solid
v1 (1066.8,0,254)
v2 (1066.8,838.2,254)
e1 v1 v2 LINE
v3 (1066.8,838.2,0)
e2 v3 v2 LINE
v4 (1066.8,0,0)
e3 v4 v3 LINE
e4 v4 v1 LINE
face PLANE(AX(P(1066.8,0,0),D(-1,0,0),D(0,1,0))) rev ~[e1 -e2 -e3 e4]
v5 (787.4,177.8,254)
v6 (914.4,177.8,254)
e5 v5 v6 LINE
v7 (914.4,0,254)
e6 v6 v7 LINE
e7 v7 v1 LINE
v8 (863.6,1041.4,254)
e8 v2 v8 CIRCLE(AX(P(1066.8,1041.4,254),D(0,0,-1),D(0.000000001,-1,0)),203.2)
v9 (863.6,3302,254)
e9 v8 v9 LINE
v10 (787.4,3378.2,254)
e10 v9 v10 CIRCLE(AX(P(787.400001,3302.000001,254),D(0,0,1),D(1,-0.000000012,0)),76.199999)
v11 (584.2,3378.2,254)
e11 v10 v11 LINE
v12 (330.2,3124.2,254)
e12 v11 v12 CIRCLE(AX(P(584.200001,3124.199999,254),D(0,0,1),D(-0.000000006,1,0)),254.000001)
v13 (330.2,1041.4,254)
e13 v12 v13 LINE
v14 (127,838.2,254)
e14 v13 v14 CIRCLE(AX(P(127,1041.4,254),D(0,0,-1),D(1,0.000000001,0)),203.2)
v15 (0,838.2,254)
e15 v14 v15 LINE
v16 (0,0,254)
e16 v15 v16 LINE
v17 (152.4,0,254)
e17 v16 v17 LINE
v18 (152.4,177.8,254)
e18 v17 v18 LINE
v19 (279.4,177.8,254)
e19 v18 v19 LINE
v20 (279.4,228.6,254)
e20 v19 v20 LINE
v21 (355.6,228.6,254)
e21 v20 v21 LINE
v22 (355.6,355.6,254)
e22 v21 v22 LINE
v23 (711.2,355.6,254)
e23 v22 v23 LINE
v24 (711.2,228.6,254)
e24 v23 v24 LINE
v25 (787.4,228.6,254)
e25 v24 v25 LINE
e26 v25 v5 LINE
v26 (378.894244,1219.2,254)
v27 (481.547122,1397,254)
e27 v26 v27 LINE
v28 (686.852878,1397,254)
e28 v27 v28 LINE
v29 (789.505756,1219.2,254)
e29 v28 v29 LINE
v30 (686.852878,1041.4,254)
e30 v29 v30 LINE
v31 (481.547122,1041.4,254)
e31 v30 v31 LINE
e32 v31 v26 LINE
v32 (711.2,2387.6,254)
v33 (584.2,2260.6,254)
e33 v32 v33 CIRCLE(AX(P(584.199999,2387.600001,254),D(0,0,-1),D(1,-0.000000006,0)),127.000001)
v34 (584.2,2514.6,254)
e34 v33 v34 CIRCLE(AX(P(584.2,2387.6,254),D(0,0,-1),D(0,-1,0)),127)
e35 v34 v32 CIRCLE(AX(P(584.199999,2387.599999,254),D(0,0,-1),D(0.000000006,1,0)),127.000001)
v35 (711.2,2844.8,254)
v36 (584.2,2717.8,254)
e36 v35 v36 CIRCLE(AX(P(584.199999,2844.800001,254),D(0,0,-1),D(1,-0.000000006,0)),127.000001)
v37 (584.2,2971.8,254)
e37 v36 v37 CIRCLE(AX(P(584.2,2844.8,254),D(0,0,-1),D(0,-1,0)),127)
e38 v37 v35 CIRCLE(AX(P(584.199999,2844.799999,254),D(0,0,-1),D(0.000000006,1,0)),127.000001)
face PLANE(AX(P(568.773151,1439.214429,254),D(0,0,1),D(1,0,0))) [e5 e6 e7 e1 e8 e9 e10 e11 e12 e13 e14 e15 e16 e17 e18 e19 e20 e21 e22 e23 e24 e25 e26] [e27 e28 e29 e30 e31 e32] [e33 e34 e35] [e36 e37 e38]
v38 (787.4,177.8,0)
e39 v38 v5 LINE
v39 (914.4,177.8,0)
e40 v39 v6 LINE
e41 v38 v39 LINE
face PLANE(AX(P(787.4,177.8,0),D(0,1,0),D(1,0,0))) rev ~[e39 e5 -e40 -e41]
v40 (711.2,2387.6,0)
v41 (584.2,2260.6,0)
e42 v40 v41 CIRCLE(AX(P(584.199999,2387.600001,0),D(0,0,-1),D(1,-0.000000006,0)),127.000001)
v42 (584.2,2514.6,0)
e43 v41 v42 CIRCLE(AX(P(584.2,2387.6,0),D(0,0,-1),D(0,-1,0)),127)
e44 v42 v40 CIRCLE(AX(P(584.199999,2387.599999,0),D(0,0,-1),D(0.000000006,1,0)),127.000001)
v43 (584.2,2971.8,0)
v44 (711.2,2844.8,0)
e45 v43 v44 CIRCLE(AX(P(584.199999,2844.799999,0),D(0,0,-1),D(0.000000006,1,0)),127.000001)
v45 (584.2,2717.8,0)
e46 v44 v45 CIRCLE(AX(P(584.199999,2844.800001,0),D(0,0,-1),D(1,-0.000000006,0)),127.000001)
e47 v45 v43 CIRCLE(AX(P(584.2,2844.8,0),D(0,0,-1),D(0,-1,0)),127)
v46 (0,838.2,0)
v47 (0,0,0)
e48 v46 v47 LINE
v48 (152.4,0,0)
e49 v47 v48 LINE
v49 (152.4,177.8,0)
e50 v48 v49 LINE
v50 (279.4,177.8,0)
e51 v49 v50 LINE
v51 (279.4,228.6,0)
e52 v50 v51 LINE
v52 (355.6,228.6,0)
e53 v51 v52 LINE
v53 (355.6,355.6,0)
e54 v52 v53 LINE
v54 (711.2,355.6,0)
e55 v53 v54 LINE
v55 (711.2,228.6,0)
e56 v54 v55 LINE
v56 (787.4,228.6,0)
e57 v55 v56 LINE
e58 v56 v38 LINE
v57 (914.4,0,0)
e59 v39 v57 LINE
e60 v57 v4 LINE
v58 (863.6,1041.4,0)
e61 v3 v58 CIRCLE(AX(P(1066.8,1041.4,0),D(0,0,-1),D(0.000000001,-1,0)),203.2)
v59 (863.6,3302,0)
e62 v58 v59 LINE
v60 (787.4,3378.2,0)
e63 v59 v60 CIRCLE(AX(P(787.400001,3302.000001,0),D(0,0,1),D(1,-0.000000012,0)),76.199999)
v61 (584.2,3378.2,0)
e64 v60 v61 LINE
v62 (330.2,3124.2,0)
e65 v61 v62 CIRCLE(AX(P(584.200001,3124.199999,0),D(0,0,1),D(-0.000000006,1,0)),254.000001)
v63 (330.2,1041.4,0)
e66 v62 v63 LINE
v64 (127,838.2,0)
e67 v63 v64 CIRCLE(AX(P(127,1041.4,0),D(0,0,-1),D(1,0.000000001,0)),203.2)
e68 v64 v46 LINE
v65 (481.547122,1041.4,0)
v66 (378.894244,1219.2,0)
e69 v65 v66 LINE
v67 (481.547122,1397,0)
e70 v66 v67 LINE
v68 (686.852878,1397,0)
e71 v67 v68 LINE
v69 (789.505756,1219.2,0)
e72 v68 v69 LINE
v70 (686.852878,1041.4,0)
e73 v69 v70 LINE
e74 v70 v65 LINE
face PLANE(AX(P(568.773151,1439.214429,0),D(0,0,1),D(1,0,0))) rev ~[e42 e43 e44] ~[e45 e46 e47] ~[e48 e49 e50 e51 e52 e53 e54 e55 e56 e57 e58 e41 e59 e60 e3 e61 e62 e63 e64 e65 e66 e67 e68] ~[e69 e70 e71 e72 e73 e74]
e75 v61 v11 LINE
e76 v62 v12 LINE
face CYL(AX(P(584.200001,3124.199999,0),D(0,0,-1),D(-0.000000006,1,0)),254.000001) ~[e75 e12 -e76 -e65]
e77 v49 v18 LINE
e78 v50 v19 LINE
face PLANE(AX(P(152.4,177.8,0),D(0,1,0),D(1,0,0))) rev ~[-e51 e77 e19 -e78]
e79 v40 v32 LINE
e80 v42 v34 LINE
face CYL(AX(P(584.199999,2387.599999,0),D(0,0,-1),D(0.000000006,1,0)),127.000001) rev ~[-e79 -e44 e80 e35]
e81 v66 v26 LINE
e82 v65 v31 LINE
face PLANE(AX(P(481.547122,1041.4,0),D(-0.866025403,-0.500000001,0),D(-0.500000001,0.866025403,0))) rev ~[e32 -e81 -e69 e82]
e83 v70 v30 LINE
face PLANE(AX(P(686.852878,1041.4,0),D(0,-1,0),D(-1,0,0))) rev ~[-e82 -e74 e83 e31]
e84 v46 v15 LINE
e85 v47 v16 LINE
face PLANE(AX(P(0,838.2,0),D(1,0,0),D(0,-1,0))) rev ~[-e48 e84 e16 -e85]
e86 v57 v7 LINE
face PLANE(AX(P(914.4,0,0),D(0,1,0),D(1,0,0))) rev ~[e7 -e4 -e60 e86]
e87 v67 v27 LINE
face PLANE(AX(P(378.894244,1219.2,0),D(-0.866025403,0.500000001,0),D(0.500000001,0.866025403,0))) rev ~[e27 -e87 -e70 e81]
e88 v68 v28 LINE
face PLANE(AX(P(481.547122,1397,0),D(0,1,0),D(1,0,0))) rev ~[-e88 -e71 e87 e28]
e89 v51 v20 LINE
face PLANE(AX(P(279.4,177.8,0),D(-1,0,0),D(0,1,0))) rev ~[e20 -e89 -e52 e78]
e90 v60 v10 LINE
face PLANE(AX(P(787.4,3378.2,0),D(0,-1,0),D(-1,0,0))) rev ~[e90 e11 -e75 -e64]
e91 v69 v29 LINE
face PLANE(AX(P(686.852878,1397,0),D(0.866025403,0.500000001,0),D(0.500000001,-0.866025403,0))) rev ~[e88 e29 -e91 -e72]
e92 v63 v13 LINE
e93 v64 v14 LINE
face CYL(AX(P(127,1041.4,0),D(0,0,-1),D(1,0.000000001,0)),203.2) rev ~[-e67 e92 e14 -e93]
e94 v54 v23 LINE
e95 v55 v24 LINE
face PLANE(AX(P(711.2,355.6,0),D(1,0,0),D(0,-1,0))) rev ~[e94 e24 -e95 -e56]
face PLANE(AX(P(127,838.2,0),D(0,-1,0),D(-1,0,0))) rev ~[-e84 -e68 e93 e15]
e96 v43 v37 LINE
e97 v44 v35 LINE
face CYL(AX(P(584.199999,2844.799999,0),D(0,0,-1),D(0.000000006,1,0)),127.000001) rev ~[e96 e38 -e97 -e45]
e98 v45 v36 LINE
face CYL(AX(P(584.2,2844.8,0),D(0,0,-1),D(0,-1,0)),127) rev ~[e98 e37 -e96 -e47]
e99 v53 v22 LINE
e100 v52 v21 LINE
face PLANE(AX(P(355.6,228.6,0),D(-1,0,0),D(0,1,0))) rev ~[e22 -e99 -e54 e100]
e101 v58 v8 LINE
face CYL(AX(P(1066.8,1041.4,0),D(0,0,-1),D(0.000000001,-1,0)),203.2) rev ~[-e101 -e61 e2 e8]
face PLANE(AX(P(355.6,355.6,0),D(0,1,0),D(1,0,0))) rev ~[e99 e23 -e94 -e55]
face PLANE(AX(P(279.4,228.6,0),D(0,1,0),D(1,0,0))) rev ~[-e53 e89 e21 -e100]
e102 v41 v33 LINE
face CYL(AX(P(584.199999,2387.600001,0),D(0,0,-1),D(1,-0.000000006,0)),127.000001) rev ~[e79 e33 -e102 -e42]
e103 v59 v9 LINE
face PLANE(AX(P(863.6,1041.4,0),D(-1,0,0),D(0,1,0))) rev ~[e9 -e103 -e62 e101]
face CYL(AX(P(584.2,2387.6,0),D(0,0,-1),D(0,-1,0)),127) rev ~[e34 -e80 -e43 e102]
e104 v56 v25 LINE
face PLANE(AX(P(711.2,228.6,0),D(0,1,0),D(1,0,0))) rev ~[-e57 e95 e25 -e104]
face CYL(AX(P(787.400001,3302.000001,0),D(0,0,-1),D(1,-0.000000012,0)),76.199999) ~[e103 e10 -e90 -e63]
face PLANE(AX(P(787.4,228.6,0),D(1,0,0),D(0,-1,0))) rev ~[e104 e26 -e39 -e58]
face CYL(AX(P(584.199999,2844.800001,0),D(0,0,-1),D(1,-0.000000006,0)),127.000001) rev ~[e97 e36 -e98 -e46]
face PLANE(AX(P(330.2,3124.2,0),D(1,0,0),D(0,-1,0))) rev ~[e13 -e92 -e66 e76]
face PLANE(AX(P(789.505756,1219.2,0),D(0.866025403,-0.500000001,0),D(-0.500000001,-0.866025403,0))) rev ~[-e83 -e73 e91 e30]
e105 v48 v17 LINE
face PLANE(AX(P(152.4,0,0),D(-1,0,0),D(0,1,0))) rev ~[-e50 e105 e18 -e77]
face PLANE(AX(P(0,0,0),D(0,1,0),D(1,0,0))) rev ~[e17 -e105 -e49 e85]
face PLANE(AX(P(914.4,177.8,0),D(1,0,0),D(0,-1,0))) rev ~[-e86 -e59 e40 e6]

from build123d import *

# Parameters (mm, degrees)
F1_DEPTH = 254


with BuildPart() as f1:
    # F0 (on Top) → F1 (new body)
    with BuildSketch(Plane.XY):
        with BuildLine():
            Line((0, 838.2), (0, 0))
            Line((0, 0), (152.4, 0))
            Line((152.4, 0), (152.4, 177.8))
            Line((152.4, 177.8), (279.4, 177.8))
            Line((279.4, 177.8), (279.4, 228.6))
            Line((279.4, 228.6), (355.6, 228.6))
            Line((355.6, 228.6), (355.6, 355.6))
            Line((355.6, 355.6), (533.4, 355.6))
            Line((533.4, 355.6), (711.2, 355.6))
            Line((711.2, 355.6), (711.2, 228.6))
            Line((711.2, 228.6), (787.4, 228.6))
            Line((787.4, 228.6), (787.4, 177.8))
            Line((787.4, 177.8), (914.4, 177.8))
            Line((914.4, 177.8), (914.4, 0))
            Line((914.4, 0), (1066.8, 0))
            Line((1066.8, 0), (1066.8, 838.2))
            ThreePointArc((1066.8, 838.2), (923.115902, 897.715902), (863.6, 1041.4))
            Line((863.6, 1041.4), (863.6, 3302))
            ThreePointArc((863.6, 3302), (841.281537, 3355.881537), (787.4, 3378.2))
            Line((787.4, 3378.2), (584.2, 3378.2))
            ThreePointArc((584.2, 3378.2), (404.594878, 3303.805122), (330.2, 3124.2))
            Line((330.2, 3124.2), (330.2, 1041.4))
            ThreePointArc((330.2, 1041.4), (270.684098, 897.715902), (127, 838.2))
            Line((127, 838.2), (0, 838.2))
        make_face()
        Polygon((481.547122, 1397), (584.2, 1397), (686.852878, 1397), (789.505756, 1219.2), (686.852878, 1041.4), (481.547122, 1041.4), (378.894244, 1219.2), align=None, mode=Mode.SUBTRACT)
        with BuildLine():
            ThreePointArc((584.2, 2260.6), (457.2, 2387.6), (584.2, 2514.6))
            ThreePointArc((584.2, 2514.6), (674.002561, 2477.402561), (711.2, 2387.6))
            ThreePointArc((711.2, 2387.6), (674.002561, 2297.797439), (584.2, 2260.6))
        make_face(mode=Mode.SUBTRACT)
        with BuildLine():
            ThreePointArc((584.2, 2717.8), (457.2, 2844.8), (584.2, 2971.8))
            ThreePointArc((584.2, 2971.8), (674.002561, 2934.602561), (711.2, 2844.8))
            ThreePointArc((711.2, 2844.8), (674.002561, 2754.997439), (584.2, 2717.8))
        make_face(mode=Mode.SUBTRACT)
    extrude(amount=F1_DEPTH)


solid = f1.part
